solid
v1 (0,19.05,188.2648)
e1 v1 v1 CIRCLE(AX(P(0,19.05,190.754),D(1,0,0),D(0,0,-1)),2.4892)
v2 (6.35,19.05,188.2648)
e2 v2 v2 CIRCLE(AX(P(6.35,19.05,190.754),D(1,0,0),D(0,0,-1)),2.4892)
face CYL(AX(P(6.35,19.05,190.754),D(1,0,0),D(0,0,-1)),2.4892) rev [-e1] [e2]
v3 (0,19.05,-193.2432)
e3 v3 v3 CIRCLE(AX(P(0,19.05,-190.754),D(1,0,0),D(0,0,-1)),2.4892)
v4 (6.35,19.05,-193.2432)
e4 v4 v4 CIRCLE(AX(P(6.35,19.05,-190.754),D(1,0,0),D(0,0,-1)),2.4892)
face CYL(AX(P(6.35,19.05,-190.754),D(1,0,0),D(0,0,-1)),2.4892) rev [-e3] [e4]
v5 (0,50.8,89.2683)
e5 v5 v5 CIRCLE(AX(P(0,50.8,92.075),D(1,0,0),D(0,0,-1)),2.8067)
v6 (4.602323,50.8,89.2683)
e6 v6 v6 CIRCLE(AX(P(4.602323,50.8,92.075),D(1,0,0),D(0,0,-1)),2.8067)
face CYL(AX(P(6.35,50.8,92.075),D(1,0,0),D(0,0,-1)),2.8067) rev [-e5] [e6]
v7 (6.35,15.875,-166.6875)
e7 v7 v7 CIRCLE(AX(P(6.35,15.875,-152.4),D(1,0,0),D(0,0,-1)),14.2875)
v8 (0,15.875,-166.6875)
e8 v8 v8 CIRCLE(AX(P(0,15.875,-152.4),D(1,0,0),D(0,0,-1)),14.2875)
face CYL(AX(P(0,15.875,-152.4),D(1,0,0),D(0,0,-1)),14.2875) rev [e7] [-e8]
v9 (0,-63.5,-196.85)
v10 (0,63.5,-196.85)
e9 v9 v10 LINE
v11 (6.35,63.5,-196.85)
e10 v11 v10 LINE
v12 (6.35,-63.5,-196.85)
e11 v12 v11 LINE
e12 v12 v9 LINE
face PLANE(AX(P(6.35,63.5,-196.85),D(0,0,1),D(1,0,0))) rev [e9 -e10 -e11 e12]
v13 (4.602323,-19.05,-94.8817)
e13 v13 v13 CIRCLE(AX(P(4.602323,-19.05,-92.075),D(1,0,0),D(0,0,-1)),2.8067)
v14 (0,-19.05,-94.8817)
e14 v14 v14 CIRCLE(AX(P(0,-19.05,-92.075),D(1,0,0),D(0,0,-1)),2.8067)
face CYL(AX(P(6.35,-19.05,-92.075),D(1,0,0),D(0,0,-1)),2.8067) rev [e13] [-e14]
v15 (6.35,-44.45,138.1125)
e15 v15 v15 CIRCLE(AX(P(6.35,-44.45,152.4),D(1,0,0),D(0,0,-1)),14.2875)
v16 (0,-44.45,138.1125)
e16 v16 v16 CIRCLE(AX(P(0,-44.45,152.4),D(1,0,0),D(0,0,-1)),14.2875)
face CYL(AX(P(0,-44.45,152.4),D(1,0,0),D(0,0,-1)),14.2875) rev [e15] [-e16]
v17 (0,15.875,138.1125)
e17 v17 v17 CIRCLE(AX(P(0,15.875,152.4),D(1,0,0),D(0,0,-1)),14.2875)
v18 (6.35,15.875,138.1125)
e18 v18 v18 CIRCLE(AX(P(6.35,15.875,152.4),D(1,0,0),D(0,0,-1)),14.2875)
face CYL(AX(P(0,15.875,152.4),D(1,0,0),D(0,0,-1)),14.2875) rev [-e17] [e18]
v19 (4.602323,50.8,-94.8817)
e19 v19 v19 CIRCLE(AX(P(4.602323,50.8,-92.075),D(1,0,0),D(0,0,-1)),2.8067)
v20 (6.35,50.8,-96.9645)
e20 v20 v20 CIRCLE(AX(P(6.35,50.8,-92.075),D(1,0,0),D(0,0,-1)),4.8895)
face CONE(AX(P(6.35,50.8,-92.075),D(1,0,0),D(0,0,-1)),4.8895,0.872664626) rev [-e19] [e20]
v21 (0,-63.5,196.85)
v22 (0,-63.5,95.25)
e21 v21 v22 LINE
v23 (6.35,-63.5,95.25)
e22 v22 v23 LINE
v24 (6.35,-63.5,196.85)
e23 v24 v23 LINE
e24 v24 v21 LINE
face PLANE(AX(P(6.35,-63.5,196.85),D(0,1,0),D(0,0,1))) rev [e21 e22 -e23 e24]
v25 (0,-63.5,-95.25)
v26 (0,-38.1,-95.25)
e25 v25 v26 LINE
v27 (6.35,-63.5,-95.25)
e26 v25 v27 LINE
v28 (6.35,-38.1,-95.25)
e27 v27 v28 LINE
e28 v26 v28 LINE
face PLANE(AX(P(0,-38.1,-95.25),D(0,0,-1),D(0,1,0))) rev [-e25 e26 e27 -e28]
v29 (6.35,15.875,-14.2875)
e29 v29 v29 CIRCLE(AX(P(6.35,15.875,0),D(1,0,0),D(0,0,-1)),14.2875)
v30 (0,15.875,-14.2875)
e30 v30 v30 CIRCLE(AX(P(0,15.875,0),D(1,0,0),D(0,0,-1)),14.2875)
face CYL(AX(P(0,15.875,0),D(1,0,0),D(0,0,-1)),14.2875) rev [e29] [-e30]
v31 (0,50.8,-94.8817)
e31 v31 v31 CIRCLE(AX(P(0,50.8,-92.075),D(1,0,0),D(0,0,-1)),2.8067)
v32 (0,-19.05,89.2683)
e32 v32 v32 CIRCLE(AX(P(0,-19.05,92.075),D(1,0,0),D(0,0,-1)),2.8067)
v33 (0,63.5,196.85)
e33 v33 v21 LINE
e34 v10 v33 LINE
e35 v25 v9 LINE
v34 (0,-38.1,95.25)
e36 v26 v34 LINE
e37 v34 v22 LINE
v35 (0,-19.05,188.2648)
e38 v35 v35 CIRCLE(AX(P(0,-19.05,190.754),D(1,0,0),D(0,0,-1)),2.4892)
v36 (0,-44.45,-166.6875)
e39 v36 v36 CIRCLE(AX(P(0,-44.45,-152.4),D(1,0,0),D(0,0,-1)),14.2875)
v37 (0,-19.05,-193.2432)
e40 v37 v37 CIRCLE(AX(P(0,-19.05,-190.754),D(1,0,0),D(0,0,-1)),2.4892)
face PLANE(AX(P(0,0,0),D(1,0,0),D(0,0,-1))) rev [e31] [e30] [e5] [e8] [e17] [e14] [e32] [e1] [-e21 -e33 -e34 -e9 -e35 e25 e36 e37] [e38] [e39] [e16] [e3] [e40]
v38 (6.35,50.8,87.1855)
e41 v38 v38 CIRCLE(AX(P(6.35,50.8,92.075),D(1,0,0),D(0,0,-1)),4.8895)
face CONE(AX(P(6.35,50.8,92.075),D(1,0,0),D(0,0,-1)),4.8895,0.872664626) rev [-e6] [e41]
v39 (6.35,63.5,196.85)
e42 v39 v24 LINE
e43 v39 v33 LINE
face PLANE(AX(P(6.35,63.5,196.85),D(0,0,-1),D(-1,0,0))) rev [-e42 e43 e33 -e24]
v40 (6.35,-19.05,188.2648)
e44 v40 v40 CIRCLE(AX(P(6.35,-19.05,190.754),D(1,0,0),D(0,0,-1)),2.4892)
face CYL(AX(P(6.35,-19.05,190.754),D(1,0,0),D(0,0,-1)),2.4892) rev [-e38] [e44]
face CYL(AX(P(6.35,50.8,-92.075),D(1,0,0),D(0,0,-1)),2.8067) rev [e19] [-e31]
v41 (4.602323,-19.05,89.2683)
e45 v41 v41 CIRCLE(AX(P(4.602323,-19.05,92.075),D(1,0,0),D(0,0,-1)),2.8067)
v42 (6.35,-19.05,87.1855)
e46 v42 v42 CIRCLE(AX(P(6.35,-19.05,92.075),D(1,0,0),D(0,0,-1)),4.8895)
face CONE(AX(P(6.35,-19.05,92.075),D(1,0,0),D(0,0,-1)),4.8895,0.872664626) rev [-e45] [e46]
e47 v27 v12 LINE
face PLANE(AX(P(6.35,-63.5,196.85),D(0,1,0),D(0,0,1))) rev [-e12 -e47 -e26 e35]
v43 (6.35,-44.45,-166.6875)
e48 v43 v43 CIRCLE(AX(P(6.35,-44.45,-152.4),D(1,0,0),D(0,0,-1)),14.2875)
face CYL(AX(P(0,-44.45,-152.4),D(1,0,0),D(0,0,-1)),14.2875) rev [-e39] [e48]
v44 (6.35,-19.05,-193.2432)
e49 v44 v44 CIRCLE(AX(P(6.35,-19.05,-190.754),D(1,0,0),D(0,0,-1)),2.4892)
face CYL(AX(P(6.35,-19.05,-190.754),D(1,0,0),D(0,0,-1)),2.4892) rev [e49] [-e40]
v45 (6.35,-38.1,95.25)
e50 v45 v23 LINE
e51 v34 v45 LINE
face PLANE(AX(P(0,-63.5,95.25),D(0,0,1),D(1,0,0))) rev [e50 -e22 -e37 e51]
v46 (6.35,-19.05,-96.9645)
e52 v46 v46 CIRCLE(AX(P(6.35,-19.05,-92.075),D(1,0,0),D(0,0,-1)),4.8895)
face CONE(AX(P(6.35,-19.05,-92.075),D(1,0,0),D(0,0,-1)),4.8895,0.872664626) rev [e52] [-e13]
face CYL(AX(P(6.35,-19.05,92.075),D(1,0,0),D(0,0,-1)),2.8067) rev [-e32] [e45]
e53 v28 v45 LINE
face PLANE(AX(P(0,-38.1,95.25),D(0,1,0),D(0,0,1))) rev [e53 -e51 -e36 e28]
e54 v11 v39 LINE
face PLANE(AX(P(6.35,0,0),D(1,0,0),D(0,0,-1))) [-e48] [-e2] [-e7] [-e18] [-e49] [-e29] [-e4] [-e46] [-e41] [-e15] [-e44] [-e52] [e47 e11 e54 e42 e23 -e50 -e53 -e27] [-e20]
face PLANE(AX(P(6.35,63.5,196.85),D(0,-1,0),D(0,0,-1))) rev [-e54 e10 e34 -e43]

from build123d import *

# Parameters (mm, degrees)
SKETCH1_W                                          = 393.7
SKETCH1_H                                          = 127
BOSS_EXTRUDE1_DEPTH                                = 6.35
SKETCH2_R                                          = 14.2875
CUT_EXTRUDE1_DEPTH                                 = 207.935968357
F_10_CLEARANCE_HOLE1_D                             = 4.9784
CSK_FOR_10_FLAT_HEAD_MACHINE_SCREW_100_D           = 5.6134
CSK_FOR_10_FLAT_HEAD_MACHINE_SCREW_100_CSINK_D     = 9.779
CSK_FOR_10_FLAT_HEAD_MACHINE_SCREW_100_CSINK_ANGLE = 100
SKETCH23_W                                         = 190.5
SKETCH23_H                                         = 25.4
CUT_EXTRUDE6_DEPTH                                 = 207.935968357


with BuildPart() as part:
    # Sketch1 → Boss-Extrude1 (new body)
    with BuildSketch(Plane(origin=(0, 0, 0), x_dir=(0, 0, -1), z_dir=(1, 0, 0))):
        Rectangle(SKETCH1_W, SKETCH1_H)
    extrude(amount=BOSS_EXTRUDE1_DEPTH)

    # Sketch2 → Cut-Extrude1 (cut, through all)
    with BuildSketch(Plane(origin=(6.35, 0, 0), x_dir=(0, 0, -1), z_dir=(1, 0, 0))):
        with Locations((0, 15.875)):
            Circle(SKETCH2_R)
        with Locations((-152.4, 15.875)):
            Circle(SKETCH2_R)
        with Locations((152.4, 15.875)):
            Circle(SKETCH2_R)
        with Locations((-152.4, -44.45)):
            Circle(SKETCH2_R)
        with Locations((152.4, -44.45)):
            Circle(SKETCH2_R)
    extrude(amount=-CUT_EXTRUDE1_DEPTH, mode=Mode.SUBTRACT)

    # #10 Clearance Hole1 (through all)
    with Locations(Plane(origin=(6.35, 0, 0), x_dir=(0, 0, -1), z_dir=(1, 0, 0))):
        with Locations((-190.754, 19.05), (-190.754, -19.05), (190.754, 19.05), (190.754, -19.05)):
            Hole(F_10_CLEARANCE_HOLE1_D / 2)

    # CSK for #10 Flat Head Machine Screw (100)1 (through all)
    with Locations(Plane(origin=(6.35, 0, 0), x_dir=(0, 0, -1), z_dir=(1, 0, 0))):
        with Locations((-92.075, 50.8), (92.075, 50.8), (-92.075, -19.05), (92.075, -19.05)):
            CounterSinkHole(CSK_FOR_10_FLAT_HEAD_MACHINE_SCREW_100_D / 2, CSK_FOR_10_FLAT_HEAD_MACHINE_SCREW_100_CSINK_D / 2, counter_sink_angle=CSK_FOR_10_FLAT_HEAD_MACHINE_SCREW_100_CSINK_ANGLE)

    # Sketch23 → Cut-Extrude6 (cut, through all)
    with BuildSketch(Plane(origin=(6.35, 0, 0), x_dir=(0, 0, -1), z_dir=(1, 0, 0))):
        with Locations((0, -50.8)):
            Rectangle(SKETCH23_W, SKETCH23_H)
    extrude(amount=-CUT_EXTRUDE6_DEPTH, mode=Mode.SUBTRACT)


solid = part.part
